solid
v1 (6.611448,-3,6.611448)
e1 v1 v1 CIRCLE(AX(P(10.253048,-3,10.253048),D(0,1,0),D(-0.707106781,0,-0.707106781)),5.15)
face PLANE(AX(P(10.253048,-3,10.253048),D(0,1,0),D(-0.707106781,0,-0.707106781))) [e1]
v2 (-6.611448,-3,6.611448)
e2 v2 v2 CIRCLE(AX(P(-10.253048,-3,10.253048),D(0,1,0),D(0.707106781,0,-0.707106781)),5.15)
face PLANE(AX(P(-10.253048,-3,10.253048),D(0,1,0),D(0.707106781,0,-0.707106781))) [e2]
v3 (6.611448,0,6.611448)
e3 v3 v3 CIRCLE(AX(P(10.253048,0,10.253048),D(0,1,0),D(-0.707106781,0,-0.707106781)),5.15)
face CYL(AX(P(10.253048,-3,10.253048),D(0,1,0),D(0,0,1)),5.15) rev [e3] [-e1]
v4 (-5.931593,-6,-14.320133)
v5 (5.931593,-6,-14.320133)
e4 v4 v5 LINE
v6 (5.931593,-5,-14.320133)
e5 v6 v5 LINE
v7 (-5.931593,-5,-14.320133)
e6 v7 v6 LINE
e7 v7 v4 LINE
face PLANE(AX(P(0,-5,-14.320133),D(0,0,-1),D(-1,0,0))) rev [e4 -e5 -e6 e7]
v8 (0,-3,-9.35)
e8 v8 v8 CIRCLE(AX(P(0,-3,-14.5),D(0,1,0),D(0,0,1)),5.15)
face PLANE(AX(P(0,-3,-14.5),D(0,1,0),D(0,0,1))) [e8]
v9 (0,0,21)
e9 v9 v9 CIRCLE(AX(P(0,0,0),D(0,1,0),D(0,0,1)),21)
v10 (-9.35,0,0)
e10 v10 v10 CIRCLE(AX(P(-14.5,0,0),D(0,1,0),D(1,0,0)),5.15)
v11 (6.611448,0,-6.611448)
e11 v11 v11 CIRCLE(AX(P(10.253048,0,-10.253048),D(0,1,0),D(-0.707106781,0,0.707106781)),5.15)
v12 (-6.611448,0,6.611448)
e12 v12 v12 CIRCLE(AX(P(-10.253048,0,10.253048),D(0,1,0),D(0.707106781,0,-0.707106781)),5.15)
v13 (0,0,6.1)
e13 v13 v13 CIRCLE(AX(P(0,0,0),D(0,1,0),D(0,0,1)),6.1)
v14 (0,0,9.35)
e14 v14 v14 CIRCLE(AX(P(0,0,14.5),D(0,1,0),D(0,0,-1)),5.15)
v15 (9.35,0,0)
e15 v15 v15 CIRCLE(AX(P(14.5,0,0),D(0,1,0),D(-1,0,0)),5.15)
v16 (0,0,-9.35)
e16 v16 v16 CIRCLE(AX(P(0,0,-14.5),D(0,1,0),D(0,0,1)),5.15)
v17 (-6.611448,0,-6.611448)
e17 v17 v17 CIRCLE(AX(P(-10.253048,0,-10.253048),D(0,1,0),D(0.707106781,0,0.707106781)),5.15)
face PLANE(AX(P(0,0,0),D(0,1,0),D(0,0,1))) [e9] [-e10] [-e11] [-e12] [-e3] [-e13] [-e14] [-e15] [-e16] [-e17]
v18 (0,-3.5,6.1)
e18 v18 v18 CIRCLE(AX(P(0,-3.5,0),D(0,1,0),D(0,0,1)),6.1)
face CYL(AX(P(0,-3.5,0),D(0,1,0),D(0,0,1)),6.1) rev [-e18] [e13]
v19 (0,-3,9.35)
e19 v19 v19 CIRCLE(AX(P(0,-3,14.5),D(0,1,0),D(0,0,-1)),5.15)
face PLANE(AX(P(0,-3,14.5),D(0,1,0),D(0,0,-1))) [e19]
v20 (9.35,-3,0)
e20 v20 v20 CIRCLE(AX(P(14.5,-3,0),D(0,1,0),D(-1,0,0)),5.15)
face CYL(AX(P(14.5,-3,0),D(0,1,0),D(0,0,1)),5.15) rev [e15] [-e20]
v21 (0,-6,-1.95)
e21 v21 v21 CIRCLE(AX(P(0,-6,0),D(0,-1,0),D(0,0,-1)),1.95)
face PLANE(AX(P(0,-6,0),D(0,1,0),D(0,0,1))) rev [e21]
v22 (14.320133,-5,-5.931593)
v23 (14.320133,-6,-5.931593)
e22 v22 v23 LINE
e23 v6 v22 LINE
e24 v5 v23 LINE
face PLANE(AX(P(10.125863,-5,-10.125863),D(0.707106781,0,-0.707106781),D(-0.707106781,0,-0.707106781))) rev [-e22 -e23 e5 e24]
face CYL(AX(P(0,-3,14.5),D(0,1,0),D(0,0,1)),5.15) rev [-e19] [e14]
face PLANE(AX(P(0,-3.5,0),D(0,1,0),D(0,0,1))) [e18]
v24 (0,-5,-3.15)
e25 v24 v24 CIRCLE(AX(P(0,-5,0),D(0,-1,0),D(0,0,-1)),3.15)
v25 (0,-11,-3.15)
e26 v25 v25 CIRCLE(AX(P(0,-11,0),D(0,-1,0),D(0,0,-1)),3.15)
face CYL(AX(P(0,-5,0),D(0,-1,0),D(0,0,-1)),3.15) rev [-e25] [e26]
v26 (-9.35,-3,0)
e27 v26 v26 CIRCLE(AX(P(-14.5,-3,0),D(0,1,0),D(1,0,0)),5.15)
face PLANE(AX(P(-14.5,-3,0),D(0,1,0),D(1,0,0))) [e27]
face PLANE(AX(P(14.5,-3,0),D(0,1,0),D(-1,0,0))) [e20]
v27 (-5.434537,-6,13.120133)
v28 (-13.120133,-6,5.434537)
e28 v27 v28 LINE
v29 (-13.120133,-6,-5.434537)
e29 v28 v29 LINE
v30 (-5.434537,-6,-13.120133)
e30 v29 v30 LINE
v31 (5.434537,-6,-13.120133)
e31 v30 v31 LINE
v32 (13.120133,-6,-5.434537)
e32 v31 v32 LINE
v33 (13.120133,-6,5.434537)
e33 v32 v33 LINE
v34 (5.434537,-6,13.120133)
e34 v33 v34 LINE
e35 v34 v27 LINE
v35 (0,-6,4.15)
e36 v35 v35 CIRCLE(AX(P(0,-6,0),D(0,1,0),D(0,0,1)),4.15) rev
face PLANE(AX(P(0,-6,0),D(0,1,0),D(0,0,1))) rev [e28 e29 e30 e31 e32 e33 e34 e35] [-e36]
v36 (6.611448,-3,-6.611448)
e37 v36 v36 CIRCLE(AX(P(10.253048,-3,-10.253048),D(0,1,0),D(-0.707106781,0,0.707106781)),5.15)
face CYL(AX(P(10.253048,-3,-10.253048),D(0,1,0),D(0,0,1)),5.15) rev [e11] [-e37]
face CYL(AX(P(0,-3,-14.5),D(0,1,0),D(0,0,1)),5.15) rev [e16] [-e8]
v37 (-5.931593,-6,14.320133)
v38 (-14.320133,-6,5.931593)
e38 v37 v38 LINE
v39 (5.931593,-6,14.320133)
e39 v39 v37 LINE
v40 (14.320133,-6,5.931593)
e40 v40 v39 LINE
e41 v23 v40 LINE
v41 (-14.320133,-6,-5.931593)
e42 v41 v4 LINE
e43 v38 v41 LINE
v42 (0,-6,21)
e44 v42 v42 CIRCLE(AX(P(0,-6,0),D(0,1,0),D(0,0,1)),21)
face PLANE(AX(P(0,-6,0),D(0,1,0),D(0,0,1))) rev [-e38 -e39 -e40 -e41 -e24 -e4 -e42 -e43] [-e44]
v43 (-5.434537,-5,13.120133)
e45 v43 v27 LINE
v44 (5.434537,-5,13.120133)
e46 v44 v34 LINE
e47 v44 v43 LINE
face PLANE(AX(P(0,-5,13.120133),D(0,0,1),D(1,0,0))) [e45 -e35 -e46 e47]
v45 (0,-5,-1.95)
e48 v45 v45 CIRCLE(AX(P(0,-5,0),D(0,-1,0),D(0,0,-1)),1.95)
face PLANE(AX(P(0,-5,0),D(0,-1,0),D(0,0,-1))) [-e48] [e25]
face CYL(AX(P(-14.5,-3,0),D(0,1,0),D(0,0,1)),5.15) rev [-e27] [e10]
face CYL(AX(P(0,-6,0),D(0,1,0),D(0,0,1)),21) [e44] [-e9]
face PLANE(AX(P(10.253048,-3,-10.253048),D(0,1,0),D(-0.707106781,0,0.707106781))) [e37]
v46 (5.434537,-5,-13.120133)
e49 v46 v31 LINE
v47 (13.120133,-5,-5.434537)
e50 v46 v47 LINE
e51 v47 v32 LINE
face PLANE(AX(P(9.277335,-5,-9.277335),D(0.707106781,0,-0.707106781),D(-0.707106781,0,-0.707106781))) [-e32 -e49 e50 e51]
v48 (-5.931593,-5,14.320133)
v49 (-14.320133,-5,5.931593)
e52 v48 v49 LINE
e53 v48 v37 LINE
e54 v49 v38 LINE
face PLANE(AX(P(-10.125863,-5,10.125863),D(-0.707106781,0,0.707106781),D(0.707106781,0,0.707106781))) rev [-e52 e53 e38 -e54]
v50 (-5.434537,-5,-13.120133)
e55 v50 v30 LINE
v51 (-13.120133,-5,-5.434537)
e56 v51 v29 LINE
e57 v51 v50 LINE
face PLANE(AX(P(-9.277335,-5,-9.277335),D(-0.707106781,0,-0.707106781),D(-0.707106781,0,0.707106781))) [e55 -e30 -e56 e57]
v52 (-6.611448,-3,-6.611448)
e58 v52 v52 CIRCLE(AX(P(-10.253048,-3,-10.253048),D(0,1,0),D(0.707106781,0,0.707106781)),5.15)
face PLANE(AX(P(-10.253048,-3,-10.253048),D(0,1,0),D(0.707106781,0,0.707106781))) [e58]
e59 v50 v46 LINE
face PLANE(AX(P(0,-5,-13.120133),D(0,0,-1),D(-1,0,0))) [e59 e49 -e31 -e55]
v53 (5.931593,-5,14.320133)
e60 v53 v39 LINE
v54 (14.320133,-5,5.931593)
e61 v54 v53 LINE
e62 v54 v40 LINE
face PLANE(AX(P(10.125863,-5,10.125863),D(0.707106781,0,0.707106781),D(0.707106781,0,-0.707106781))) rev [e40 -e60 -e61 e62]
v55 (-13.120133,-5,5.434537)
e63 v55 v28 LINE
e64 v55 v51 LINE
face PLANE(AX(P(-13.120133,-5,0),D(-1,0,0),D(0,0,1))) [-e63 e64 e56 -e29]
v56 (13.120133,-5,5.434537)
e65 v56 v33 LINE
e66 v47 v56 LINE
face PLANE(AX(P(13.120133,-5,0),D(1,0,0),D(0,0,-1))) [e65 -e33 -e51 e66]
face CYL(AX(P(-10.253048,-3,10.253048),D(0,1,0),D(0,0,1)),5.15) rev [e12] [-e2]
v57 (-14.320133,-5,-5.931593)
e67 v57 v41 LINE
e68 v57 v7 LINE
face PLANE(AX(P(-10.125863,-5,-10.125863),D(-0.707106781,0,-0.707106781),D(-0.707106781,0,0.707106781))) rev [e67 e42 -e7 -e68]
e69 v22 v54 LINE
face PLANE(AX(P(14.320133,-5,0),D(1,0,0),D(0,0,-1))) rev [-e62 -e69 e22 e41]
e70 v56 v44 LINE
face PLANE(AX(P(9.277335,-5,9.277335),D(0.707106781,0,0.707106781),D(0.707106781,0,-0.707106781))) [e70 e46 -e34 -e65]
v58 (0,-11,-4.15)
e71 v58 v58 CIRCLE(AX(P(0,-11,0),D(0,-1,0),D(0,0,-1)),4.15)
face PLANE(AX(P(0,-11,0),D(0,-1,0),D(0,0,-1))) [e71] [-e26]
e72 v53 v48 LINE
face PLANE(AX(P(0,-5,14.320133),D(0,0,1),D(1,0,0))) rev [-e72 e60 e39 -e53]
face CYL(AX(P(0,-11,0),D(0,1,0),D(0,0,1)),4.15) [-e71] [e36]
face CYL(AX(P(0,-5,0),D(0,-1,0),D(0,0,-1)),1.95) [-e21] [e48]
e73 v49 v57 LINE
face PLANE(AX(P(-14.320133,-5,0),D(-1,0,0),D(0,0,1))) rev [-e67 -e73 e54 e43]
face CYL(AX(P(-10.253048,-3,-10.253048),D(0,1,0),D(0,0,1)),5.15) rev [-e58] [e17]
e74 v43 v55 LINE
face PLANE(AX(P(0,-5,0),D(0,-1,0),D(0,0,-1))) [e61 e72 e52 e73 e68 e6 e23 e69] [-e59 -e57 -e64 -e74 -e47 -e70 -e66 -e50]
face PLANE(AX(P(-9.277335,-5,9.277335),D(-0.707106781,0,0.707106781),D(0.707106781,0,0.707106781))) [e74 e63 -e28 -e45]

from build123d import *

# Parameters (mm, degrees)
SKETCH_1_R               = 21
EXTRUDE_9_DEPTH          = 6
SKETCH_2_R               = 5.15
CUT_EXTRUDE_11_DEPTH     = 3
PATTERN_CIRCULAR_4_COUNT = 8
CUT_EXTRUDE_12_DEPTH     = 1
SKETCH_4_R               = 6.1
CUT_EXTRUDE_13_DEPTH     = 3.5
SKETCH_5_R               = 3.15
SKETCH_5_R_2             = 1.95
CUT_EXTRUDE_14_DEPTH     = 1
SKETCH_6_R               = 4.15
SKETCH_6_R_2             = 3.15
EXTRUDE_10_DEPTH         = 5


with BuildPart() as part:
    # 스케치1 → 보스-돌출9 (new body)
    with BuildSketch(Plane(origin=(0, 0, 0), x_dir=(1, 0, 0), z_dir=(0, 1, 0))):
        Circle(SKETCH_1_R)
    extrude(amount=-EXTRUDE_9_DEPTH)

    # 스케치2 → 컷-돌출11 (cut)
    with BuildSketch(Plane(origin=(0, 0, 0), x_dir=(1, 0, 0), z_dir=(0, 1, 0))):
        with Locations((0, 14.5)):
            Circle(SKETCH_2_R)
    cut_extrude_11 = extrude(amount=-CUT_EXTRUDE_11_DEPTH, mode=Mode.SUBTRACT)

    # 원형 패턴4: 컷-돌출11 ×8 about axis
    pattern_circular_4_axis = Axis((0, 0, 0), (0, 1, 0))
    for i in range(1, PATTERN_CIRCULAR_4_COUNT):
        add(cut_extrude_11.rotate(pattern_circular_4_axis, i * 360 / PATTERN_CIRCULAR_4_COUNT), mode=Mode.SUBTRACT)

    # 스케치3 → 컷-돌출12 (cut)
    with BuildSketch(Plane.XZ.offset(6)):
        Polygon((-14.320132754, -5.931593202), (-5.931593202, -14.320132754), (5.931593202, -14.320132754), (14.320132754, -5.931593202), (14.320132754, 5.931593202), (5.931593202, 14.320132754), (-5.931593202, 14.320132754), (-14.320132754, 5.931593202), align=None)
        Polygon((-5.434536927, -13.120132754), (5.434536927, -13.120132754), (13.120132754, -5.434536927), (13.120132754, 5.434536927), (5.434536927, 13.120132754), (-5.434536927, 13.120132754), (-13.120132754, 5.434536927), (-13.120132754, -5.434536927), align=None, mode=Mode.SUBTRACT)
    extrude(amount=-CUT_EXTRUDE_12_DEPTH, mode=Mode.SUBTRACT)

    # 스케치4 → 컷-돌출13 (cut)
    with BuildSketch(Plane(origin=(0, 0, 0), x_dir=(1, 0, 0), z_dir=(0, 1, 0))):
        Circle(SKETCH_4_R)
    extrude(amount=-CUT_EXTRUDE_13_DEPTH, mode=Mode.SUBTRACT)

    # 스케치5 → 컷-돌출14 (cut)
    with BuildSketch(Plane.XZ.offset(6)):
        Circle(SKETCH_5_R)
        Circle(SKETCH_5_R_2, mode=Mode.SUBTRACT)
    extrude(amount=-CUT_EXTRUDE_14_DEPTH, mode=Mode.SUBTRACT)

    # 스케치6 → 보스-돌출10 (add)
    with BuildSketch(Plane.XZ.offset(6)):
        Circle(SKETCH_6_R)
        Circle(SKETCH_6_R_2, mode=Mode.SUBTRACT)
    extrude(amount=EXTRUDE_10_DEPTH)


solid = part.part
